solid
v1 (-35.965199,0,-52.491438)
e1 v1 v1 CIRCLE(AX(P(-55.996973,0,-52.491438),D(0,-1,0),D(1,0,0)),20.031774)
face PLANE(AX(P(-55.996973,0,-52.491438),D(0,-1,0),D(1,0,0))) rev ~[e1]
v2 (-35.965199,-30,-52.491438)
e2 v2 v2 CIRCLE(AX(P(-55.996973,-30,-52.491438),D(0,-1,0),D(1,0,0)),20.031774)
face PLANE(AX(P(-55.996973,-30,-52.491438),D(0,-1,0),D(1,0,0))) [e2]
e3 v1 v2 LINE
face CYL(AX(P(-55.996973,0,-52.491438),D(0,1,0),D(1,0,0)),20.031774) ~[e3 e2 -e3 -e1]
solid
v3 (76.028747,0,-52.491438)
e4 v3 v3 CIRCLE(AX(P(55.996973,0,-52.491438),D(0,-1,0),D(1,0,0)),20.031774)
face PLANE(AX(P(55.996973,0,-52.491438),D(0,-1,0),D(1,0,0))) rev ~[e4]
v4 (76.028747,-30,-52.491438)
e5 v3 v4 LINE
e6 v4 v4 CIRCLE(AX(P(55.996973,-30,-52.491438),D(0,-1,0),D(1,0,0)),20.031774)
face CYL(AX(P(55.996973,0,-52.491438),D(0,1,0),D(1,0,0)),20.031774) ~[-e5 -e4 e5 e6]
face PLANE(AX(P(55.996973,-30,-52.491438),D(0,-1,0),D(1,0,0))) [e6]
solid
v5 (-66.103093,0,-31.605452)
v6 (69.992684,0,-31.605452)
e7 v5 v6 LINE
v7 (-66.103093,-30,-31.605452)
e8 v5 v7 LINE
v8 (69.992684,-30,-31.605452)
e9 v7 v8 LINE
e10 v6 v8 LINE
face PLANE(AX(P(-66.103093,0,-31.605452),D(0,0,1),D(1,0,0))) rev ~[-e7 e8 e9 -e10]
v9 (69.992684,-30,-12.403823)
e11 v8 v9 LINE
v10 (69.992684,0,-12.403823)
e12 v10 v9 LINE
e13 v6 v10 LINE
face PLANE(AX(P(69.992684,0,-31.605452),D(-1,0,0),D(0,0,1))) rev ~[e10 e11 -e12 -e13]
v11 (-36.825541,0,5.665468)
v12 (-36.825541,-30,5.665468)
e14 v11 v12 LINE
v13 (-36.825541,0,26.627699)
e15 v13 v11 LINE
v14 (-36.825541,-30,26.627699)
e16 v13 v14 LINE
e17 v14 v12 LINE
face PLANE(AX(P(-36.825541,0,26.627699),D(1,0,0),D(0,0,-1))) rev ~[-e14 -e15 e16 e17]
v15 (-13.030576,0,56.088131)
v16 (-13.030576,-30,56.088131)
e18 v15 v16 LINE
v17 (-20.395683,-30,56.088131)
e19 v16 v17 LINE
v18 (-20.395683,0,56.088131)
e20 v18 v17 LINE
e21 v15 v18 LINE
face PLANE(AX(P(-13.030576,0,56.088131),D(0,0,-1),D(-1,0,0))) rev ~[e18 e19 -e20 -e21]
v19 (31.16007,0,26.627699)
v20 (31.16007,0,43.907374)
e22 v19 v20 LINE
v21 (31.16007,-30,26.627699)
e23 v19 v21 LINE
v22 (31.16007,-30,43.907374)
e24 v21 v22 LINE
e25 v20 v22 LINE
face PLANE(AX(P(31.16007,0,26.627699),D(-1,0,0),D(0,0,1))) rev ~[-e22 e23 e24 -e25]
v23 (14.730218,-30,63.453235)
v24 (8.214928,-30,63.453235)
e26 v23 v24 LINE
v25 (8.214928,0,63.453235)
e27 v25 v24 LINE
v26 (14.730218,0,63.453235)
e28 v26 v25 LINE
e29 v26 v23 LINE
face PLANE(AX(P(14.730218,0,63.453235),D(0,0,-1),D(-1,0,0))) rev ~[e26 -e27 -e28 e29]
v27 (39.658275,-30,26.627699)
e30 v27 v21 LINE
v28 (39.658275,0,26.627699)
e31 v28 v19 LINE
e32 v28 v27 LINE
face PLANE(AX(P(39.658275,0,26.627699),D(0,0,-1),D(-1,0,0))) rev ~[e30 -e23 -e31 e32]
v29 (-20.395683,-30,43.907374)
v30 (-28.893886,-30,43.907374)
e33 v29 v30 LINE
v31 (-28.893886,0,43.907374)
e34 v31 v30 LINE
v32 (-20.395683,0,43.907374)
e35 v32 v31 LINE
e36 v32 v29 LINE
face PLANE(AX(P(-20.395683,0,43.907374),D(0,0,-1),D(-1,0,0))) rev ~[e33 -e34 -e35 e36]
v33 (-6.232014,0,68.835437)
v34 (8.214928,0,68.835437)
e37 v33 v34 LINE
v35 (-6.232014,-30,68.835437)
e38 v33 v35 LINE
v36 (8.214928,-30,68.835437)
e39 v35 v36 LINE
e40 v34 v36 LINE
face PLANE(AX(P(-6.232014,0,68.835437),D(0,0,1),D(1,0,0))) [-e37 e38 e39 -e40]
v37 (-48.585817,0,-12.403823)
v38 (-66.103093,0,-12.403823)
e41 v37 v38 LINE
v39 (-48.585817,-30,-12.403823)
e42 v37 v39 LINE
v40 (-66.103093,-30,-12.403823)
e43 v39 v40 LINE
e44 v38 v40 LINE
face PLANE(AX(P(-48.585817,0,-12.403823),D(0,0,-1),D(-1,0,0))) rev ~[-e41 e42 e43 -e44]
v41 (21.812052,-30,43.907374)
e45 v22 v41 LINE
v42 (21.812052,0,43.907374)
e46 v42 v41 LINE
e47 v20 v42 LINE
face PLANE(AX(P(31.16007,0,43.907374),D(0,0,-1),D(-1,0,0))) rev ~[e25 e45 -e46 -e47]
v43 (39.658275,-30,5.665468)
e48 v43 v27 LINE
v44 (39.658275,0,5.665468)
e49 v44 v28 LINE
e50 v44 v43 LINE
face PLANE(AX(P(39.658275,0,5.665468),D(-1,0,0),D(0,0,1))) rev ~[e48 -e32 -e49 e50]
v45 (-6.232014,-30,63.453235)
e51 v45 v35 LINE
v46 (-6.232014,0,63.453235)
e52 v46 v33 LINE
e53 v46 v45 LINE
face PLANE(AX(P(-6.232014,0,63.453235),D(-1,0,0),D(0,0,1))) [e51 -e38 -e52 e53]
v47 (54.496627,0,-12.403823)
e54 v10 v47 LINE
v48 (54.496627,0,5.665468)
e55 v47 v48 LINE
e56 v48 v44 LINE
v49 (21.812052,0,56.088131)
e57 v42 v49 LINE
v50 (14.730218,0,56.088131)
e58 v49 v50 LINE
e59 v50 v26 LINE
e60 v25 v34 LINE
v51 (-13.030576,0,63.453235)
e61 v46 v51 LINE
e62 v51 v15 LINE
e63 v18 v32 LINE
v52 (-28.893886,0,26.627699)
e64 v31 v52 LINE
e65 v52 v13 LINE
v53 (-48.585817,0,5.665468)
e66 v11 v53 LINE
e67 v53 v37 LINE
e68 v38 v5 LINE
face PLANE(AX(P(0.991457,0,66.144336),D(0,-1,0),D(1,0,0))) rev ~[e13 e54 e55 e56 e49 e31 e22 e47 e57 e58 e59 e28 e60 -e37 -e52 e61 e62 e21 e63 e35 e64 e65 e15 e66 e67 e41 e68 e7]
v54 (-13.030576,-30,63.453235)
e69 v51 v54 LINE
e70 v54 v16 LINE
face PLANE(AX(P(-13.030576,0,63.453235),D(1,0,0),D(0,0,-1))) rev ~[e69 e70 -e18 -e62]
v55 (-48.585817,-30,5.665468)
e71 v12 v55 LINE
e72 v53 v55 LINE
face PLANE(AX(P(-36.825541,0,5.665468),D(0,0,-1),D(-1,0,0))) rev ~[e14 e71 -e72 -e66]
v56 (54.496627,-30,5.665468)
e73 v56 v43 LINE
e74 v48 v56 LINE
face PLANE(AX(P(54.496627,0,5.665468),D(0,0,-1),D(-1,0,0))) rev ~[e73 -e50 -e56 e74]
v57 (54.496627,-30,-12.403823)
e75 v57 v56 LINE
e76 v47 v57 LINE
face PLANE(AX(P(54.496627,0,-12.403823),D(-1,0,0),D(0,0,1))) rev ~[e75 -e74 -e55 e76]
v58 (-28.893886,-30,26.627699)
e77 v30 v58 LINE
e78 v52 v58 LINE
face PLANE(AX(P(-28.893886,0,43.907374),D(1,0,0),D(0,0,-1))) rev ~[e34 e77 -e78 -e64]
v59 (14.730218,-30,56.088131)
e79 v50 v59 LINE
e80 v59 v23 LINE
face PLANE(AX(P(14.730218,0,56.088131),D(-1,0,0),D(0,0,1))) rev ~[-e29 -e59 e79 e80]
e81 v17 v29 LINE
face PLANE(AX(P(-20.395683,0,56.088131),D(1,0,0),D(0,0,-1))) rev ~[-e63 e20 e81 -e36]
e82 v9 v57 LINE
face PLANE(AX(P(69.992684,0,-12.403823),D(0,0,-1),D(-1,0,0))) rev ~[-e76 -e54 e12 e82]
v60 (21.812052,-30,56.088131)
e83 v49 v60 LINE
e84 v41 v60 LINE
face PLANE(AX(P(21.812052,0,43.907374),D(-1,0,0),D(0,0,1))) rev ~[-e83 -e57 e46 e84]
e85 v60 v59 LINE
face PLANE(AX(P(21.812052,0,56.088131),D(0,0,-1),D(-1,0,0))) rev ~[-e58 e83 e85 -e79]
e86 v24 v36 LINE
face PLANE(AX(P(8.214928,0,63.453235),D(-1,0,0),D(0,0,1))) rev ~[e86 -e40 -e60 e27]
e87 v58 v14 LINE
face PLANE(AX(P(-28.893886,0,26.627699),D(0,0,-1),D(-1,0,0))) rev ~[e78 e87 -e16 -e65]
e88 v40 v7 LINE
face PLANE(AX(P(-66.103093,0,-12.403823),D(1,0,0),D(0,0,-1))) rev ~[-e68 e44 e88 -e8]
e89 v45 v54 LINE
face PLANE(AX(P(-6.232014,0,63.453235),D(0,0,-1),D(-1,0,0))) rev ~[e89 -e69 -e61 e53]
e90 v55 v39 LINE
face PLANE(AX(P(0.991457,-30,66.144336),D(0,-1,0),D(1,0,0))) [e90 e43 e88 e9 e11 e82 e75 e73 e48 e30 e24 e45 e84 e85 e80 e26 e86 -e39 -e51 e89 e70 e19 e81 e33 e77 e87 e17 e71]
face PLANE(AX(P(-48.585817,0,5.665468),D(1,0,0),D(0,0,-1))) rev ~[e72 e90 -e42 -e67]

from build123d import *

# Parameters (mm, degrees)
F0_R     = 20.031774
F0_W     = 14.446942
F0_H     = 5.382202
F1_DEPTH = 30


with BuildPart() as f1:
    # F0 (on Front) → F1 (new body)
    with BuildSketch(Plane.XZ):
        with Locations((-55.996973, -52.491438)):
            Circle(F0_R)
        with Locations((55.996973, -52.491438)):
            Circle(F0_R)
        with Locations((0.991457, 66.144336)):
            Rectangle(F0_W, F0_H)
        Polygon((-28.893886, 26.627699), (-36.825541, 26.627699), (-36.825541, 5.665468), (39.658275, 5.665468), (39.658275, 26.627699), (31.16007, 26.627699), align=None)
        Polygon((-28.893886, 43.907374), (-28.893886, 26.627699), (31.16007, 26.627699), (31.16007, 43.907374), (21.812052, 43.907374), (-20.395683, 43.907374), align=None)
        Polygon((-20.395683, 56.088131), (-20.395683, 43.907374), (21.812052, 43.907374), (21.812052, 56.088131), (14.730218, 56.088131), (-13.030576, 56.088131), align=None)
        Polygon((-13.030576, 63.453235), (-13.030576, 56.088131), (14.730218, 56.088131), (14.730218, 63.453235), (8.214928, 63.453235), (-6.232014, 63.453235), align=None)
        Polygon((39.658275, 5.665468), (-36.825541, 5.665468), (-48.585817, 5.665468), (-48.585817, -12.403823), (54.496627, -12.403823), (54.496627, 5.665468), align=None)
        Polygon((54.496627, -12.403823), (-48.585817, -12.403823), (-66.103093, -12.403823), (-66.103093, -31.605452), (69.992684, -31.605452), (69.992684, -12.403823), align=None)
    extrude(amount=F1_DEPTH)


solid = f1.part
